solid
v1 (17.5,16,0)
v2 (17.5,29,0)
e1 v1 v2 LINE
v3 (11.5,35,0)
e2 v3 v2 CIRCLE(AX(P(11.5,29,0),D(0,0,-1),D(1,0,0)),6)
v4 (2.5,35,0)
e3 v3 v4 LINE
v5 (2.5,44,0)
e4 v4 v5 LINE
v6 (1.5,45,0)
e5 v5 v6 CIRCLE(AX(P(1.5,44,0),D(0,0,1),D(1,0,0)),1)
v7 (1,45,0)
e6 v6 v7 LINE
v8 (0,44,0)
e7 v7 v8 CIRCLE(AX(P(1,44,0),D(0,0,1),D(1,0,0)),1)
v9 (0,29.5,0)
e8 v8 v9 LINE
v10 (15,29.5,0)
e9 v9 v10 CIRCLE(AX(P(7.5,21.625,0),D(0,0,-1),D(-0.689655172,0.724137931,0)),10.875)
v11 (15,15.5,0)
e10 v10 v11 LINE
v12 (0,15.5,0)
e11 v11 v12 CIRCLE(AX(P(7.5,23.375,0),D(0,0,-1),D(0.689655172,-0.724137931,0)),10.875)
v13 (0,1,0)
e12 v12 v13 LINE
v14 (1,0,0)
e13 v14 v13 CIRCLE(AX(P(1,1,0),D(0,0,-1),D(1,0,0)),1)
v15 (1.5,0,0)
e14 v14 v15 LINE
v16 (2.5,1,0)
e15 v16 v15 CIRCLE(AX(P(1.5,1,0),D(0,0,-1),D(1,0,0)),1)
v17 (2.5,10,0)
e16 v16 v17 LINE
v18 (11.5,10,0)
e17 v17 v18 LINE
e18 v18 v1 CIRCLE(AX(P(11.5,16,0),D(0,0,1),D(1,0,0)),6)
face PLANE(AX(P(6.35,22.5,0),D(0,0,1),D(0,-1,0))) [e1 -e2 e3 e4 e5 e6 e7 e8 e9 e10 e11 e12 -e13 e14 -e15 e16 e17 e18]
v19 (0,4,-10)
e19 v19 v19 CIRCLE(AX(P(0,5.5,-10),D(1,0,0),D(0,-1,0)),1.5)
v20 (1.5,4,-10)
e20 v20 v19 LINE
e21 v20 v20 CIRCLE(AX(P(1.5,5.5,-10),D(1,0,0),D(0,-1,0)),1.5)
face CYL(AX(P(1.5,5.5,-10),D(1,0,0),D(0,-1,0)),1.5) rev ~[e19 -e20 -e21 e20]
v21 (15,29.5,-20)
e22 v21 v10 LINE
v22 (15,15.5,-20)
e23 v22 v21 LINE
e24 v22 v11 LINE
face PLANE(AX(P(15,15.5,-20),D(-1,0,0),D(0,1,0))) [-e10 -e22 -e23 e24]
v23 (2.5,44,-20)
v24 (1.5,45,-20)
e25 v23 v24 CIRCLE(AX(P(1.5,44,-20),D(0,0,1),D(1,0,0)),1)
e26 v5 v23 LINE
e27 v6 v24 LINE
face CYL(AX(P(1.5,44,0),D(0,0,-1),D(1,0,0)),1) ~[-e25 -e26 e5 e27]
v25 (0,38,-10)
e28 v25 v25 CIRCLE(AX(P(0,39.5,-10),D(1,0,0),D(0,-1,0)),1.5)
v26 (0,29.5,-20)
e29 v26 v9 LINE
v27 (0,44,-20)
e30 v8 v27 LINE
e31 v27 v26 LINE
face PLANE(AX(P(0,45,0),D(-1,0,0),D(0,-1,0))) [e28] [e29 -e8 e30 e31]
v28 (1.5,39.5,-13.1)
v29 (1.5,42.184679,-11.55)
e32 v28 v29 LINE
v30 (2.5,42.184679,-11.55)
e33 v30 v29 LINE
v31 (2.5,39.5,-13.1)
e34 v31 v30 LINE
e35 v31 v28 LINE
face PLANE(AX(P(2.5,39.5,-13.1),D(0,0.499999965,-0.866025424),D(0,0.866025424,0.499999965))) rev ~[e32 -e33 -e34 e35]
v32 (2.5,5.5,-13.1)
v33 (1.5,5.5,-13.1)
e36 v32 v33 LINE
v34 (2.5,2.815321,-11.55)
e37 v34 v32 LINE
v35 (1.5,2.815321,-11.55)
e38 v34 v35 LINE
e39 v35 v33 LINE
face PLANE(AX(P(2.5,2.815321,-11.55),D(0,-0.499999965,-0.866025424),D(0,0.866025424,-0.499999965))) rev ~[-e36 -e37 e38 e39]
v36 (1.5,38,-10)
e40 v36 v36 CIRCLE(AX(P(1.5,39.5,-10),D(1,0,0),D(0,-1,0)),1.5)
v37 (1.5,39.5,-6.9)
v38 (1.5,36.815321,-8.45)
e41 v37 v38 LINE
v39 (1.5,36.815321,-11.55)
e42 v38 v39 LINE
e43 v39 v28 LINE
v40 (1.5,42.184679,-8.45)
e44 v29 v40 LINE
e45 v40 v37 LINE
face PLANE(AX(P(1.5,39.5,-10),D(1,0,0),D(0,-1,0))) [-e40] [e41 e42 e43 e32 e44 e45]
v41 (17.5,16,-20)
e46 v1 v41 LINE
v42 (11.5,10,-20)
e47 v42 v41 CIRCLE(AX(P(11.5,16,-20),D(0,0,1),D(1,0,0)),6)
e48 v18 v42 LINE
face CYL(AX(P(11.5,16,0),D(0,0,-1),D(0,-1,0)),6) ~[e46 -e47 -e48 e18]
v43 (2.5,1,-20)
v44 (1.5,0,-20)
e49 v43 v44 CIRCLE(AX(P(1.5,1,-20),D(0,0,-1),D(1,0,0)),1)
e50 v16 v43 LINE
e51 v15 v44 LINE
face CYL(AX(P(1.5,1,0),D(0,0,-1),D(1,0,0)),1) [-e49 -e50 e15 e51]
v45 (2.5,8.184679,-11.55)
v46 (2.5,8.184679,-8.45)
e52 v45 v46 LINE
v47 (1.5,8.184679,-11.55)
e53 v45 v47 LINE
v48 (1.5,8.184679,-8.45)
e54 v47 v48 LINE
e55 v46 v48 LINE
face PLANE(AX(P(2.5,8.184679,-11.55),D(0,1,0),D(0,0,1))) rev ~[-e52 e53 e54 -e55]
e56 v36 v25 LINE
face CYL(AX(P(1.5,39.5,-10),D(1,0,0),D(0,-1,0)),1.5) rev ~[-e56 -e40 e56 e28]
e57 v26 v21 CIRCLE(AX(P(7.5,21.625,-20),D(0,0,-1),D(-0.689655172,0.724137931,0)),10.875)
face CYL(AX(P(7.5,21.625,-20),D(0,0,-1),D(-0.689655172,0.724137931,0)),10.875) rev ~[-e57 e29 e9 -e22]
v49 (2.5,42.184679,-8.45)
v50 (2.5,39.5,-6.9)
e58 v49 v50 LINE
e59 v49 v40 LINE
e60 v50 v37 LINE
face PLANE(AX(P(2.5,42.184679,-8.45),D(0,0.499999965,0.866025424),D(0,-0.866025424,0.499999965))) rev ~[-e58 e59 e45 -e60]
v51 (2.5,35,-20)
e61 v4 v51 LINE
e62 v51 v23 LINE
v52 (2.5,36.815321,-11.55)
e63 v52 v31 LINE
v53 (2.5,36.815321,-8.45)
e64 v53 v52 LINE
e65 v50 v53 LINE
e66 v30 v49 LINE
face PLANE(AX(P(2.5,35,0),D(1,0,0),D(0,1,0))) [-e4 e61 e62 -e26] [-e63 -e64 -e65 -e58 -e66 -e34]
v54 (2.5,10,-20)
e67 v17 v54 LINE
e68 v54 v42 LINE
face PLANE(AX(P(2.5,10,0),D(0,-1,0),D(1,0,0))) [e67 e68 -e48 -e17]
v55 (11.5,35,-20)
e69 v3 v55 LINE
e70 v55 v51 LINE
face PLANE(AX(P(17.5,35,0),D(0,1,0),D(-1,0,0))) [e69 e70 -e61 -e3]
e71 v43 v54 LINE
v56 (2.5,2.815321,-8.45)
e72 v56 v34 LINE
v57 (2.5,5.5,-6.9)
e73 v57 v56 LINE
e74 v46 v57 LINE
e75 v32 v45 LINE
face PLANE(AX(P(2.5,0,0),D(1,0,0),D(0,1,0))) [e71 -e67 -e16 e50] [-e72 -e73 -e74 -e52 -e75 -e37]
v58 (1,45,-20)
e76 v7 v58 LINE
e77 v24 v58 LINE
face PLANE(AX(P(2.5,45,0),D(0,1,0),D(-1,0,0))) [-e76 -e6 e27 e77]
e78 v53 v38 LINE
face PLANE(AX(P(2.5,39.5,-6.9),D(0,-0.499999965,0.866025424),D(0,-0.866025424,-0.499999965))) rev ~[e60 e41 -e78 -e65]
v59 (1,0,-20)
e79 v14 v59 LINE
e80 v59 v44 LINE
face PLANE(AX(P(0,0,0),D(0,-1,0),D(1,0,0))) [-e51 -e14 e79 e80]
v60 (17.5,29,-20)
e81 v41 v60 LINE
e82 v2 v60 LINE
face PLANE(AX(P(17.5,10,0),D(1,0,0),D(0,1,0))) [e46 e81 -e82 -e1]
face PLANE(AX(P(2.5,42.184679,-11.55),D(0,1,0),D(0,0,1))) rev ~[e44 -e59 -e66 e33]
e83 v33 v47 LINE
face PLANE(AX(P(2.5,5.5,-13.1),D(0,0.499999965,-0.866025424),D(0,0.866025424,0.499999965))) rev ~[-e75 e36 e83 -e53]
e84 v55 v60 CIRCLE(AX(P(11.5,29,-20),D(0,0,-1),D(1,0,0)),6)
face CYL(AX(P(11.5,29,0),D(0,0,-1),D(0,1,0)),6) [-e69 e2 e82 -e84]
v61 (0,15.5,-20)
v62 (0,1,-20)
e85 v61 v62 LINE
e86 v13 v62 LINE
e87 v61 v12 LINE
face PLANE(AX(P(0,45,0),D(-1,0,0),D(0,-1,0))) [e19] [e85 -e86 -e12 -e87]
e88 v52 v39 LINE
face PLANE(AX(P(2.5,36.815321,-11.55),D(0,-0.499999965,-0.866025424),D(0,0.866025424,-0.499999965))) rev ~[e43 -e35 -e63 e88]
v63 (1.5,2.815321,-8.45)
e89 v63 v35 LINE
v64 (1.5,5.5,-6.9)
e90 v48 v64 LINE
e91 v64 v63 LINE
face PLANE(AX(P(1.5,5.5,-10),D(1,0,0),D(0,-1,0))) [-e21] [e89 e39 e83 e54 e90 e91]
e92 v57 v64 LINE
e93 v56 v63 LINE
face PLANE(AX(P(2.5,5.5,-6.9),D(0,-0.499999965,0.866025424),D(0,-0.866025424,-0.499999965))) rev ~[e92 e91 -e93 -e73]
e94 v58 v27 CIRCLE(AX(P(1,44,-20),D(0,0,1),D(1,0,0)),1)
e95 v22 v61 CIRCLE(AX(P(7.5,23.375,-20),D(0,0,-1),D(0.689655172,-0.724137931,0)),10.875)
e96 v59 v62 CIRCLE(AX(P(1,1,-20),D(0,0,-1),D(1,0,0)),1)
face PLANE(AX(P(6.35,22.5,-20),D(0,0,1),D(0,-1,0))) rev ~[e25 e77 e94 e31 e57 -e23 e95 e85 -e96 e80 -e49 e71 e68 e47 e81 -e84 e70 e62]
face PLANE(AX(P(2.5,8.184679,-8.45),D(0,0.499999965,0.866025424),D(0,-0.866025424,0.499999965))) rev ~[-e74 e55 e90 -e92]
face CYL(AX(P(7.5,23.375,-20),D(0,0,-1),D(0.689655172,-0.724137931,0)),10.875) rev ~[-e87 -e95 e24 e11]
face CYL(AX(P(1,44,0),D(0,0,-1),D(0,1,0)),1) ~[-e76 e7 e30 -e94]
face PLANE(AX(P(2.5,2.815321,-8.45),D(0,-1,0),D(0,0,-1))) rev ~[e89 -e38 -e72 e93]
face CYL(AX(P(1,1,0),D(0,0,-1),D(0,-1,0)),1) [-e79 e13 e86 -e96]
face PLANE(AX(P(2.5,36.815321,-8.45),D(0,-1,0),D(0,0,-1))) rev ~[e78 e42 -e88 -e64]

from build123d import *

# Parameters (mm, degrees)
PAD_DEPTH            = 20
POCKET_DEPTH         = 20.001
FILLET_R             = 6
FILLET001_R          = 1
POCKET001_DEPTH      = 1
SKETCH003_R          = 1.5
POCKET002_DEPTH      = 1.501
BODY_PLACEMENT_ANGLE = 90


with BuildPart() as part:
    # Sketch → Pad (new body)
    with BuildSketch(Plane.YZ):
        Polygon((0, 0), (0, 2.5), (10, 2.5), (10, 17.5), (35, 17.5), (35, 2.5), (45, 2.5), (45, 0), align=None)
    extrude(amount=PAD_DEPTH)

    # Sketch001 (on Face10 of Pad) → Pocket (cut, through all)
    with BuildSketch(Plane.YZ.offset(20)):
        with BuildLine():
            Line((15.5, 15), (29.5, 15))
            ThreePointArc((29.5, 0), (32.5, 7.5), (29.5, 15))
            Line((15.5, 0), (29.5, 0))
            ThreePointArc((15.5, 15), (12.5, 7.5), (15.5, 0))
        make_face()
    extrude(amount=-POCKET_DEPTH, mode=Mode.SUBTRACT)

    # Fillet
    fillet_edges = [part.edges().sort_by_distance(p)[0] for p in [
        (10, 10, 17.5),
        (10, 35, 17.5),
    ]]
    fillet(fillet_edges, radius=FILLET_R)

    # Fillet001
    fillet001_edges = [part.edges().sort_by_distance(p)[0] for p in [
        (10, 0, 2.5),
        (10, 0, 0),
        (10, 45, 2.5),
        (10, 45, 0),
    ]]
    fillet(fillet001_edges, radius=FILLET001_R)

    # Sketch002 (on Face2 of Fillet001) → Pocket001 (cut)
    with BuildSketch(Plane(origin=(0, 0, 2.5), x_dir=(0, -1, 0), z_dir=(0, 0, 1))):
        Polygon((-36.815321, 11.55), (-39.5, 13.1), (-42.184679, 11.55), (-42.184679, 8.45), (-39.5, 6.9), (-36.815321, 8.45), align=None)
        Polygon((-2.815321, 8.45), (-2.815321, 11.55), (-5.5, 13.1), (-8.184679, 11.55), (-8.184679, 8.45), (-5.5, 6.9), align=None)
    extrude(amount=-POCKET001_DEPTH, mode=Mode.SUBTRACT)

    # Sketch003 (on Face33 of Pocket001) → Pocket002 (cut, through all)
    with BuildSketch(Plane(origin=(0, 0, 1.5), x_dir=(0, -1, 0), z_dir=(0, 0, 1))):
        with Locations((-39.5, 10)):
            Circle(SKETCH003_R)
        with Locations((-5.5, 10)):
            Circle(SKETCH003_R)
    extrude(amount=-POCKET002_DEPTH, mode=Mode.SUBTRACT)


with BuildPart() as part_1:
    # Body placement: moved
    add(part.part.rotate(Axis((0, 0, 0), (0, 1, 0)), BODY_PLACEMENT_ANGLE))


solid = part_1.part
